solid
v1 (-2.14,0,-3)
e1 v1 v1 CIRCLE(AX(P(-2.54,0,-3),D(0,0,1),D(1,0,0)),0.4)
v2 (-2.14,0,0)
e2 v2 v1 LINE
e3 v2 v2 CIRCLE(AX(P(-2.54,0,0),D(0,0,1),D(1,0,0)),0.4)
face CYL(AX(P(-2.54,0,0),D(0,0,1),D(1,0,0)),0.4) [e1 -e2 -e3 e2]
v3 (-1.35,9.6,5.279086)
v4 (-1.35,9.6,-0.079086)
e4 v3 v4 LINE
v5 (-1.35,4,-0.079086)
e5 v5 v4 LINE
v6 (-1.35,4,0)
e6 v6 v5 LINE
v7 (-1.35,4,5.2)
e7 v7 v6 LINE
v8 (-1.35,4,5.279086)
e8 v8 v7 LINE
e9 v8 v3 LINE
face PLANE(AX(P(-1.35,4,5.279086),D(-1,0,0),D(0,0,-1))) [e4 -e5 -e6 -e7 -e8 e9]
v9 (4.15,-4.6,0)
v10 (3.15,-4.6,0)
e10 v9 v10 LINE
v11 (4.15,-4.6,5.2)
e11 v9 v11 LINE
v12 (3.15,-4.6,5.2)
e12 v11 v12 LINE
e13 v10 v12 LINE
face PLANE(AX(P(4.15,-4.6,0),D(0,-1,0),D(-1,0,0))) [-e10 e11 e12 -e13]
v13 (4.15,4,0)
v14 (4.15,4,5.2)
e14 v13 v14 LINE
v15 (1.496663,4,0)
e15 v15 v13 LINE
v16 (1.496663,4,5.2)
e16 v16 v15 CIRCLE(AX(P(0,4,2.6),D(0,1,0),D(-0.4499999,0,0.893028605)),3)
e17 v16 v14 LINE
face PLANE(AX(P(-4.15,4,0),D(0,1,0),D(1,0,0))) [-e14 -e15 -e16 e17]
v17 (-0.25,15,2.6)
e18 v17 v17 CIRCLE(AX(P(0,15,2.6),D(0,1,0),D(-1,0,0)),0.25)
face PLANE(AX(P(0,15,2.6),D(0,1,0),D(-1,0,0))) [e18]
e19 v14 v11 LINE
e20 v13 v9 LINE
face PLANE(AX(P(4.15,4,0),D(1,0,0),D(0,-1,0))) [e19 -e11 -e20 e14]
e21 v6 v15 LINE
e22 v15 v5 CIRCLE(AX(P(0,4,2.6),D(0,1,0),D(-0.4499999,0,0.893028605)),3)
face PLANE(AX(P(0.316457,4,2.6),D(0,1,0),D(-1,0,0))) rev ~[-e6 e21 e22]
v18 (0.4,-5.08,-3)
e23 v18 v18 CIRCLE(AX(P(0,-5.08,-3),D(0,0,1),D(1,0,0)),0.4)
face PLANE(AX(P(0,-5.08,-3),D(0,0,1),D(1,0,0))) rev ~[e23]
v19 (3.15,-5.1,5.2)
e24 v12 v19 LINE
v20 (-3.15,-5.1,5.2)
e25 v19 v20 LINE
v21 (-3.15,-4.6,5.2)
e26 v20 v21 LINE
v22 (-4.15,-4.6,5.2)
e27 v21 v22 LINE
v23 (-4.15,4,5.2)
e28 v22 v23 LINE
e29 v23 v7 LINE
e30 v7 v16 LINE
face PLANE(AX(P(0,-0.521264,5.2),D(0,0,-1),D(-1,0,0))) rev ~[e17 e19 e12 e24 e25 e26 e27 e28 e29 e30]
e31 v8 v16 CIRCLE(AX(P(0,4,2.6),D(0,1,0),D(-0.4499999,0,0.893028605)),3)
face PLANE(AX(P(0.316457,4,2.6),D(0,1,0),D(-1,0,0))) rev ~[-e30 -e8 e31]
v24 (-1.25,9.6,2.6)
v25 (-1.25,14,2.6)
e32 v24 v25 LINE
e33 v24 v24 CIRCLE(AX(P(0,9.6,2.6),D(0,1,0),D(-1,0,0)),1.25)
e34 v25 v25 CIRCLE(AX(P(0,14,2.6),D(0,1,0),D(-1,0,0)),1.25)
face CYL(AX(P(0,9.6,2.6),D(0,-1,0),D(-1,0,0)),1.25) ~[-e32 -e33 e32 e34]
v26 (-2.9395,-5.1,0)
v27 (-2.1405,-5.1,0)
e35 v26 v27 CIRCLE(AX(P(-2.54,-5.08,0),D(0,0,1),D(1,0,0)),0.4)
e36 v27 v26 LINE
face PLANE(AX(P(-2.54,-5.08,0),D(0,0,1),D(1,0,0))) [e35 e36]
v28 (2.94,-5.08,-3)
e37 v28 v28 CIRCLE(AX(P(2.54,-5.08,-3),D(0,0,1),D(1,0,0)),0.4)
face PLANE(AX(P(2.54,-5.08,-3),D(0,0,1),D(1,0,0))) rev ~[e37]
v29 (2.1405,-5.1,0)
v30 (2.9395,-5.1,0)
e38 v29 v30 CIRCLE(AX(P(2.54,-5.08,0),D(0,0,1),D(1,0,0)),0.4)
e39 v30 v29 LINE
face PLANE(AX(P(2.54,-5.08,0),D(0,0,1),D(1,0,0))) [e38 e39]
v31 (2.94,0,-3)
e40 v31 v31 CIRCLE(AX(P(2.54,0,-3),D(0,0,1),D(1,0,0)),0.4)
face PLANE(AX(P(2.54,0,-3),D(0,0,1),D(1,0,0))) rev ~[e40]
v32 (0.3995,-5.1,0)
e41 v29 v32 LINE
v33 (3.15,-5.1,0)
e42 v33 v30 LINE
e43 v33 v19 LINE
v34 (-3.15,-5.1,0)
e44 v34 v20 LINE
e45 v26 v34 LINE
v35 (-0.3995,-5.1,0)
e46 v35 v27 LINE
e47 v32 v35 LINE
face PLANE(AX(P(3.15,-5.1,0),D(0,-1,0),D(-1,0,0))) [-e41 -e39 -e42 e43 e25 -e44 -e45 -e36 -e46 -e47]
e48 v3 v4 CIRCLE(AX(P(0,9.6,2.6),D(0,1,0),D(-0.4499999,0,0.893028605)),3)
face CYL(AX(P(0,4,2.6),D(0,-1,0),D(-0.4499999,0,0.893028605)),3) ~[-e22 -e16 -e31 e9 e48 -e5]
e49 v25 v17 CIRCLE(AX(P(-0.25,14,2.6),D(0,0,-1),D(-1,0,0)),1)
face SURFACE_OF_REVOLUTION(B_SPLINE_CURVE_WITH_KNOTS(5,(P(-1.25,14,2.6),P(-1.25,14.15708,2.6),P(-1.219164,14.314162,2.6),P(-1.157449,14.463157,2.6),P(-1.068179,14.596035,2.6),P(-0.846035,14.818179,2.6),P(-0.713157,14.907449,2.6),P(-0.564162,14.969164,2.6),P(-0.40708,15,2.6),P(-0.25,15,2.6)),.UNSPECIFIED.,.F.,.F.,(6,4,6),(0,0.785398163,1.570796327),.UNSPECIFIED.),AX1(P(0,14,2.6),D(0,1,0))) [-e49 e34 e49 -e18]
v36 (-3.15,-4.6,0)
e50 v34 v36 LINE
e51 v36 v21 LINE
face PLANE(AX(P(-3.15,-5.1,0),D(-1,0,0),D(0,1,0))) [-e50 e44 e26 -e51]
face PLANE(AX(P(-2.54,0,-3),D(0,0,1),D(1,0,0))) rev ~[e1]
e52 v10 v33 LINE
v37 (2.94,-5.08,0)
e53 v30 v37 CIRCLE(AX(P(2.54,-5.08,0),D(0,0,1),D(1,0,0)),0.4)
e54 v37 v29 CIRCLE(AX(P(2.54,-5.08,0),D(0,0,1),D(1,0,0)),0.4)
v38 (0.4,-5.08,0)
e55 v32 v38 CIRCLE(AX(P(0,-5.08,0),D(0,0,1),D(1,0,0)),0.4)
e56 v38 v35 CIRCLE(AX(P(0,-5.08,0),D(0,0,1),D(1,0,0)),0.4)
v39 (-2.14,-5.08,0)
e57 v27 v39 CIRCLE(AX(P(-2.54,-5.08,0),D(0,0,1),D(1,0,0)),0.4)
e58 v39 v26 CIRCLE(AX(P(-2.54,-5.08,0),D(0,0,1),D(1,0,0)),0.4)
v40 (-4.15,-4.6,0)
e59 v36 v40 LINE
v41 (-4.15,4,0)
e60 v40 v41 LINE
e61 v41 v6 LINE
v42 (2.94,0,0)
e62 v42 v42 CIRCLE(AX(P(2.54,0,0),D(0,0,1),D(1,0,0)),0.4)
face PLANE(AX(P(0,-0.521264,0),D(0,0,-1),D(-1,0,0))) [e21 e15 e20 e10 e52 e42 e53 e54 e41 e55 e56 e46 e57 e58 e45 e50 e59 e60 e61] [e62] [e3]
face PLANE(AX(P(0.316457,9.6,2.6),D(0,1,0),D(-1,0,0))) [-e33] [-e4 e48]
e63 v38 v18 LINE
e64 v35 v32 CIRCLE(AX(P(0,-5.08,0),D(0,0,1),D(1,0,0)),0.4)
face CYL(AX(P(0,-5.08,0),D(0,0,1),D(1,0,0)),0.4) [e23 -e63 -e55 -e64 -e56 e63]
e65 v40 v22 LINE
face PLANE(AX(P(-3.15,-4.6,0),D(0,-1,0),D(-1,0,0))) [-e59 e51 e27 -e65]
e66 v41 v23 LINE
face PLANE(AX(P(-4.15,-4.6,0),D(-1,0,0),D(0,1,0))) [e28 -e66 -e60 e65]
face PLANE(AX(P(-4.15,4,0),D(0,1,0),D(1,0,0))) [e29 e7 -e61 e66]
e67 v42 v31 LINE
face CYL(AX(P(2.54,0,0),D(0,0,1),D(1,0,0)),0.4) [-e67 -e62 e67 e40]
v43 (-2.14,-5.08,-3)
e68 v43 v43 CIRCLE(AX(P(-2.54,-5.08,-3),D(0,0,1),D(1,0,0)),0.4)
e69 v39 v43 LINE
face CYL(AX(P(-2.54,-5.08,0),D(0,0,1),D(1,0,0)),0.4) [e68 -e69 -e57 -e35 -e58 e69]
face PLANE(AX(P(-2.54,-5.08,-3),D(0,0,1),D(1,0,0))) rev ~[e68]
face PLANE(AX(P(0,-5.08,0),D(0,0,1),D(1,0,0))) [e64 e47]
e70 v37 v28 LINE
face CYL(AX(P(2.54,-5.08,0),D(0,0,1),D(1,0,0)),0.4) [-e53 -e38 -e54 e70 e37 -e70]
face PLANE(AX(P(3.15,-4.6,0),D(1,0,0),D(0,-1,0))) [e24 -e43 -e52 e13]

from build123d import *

# Parameters (mm, degrees)
PAD_DEPTH    = 5.2
SKETCH001_R  = 0.4
PAD001_DEPTH = 3
PAD002_DEPTH = 5.6
SKETCH003_R  = 1.25
PAD003_DEPTH = 5.4
FILLET_R     = 1


with BuildPart() as part:
    # Sketch → Pad (new body)
    with BuildSketch(Plane.XY):
        Polygon((-4.15, 4), (4.15, 4), (4.15, -4.6), (3.15, -4.6), (3.15, -5.1), (-3.15, -5.1), (-3.15, -4.6), (-4.15, -4.6), align=None)
    extrude(amount=PAD_DEPTH)

    # Sketch001 → Pad001 (join)
    with BuildSketch(Plane.XY):
        with Locations((-2.54, 0)):
            Circle(SKETCH001_R)
        with Locations((2.54, 0)):
            Circle(SKETCH001_R)
        with Locations((-2.54, -5.08)):
            Circle(SKETCH001_R)
        with Locations((2.54, -5.08)):
            Circle(SKETCH001_R)
        with Locations((0, -5.08)):
            Circle(SKETCH001_R)
    extrude(amount=-PAD001_DEPTH)

    # Sketch002 (on DatumPlane) → Pad002 (join)
    with BuildSketch(Plane(origin=(0, 4, 0), x_dir=(-1, 0, 0), z_dir=(0, 1, 0))):
        with BuildLine():
            ThreePointArc((1.35, 5.279086), (-3, 2.6), (1.35, -0.079086))
            Line((1.35, 5.279086), (1.35, -0.079086))
        make_face()
    extrude(amount=PAD002_DEPTH)

    # Sketch003 (on DatumPlane) → Pad003 (join)
    with BuildSketch(Plane(origin=(0, 9.6, 0), x_dir=(-1, 0, 0), z_dir=(0, 1, 0))):
        with Locations((0, 2.6)):
            Circle(SKETCH003_R)
    extrude(amount=PAD003_DEPTH)

    # Fillet
    fillet_edges = [part.edges().sort_by_distance(p)[0] for p in [
        (1.25, 15, 2.6),
    ]]
    fillet(fillet_edges, radius=FILLET_R)


solid = part.part
